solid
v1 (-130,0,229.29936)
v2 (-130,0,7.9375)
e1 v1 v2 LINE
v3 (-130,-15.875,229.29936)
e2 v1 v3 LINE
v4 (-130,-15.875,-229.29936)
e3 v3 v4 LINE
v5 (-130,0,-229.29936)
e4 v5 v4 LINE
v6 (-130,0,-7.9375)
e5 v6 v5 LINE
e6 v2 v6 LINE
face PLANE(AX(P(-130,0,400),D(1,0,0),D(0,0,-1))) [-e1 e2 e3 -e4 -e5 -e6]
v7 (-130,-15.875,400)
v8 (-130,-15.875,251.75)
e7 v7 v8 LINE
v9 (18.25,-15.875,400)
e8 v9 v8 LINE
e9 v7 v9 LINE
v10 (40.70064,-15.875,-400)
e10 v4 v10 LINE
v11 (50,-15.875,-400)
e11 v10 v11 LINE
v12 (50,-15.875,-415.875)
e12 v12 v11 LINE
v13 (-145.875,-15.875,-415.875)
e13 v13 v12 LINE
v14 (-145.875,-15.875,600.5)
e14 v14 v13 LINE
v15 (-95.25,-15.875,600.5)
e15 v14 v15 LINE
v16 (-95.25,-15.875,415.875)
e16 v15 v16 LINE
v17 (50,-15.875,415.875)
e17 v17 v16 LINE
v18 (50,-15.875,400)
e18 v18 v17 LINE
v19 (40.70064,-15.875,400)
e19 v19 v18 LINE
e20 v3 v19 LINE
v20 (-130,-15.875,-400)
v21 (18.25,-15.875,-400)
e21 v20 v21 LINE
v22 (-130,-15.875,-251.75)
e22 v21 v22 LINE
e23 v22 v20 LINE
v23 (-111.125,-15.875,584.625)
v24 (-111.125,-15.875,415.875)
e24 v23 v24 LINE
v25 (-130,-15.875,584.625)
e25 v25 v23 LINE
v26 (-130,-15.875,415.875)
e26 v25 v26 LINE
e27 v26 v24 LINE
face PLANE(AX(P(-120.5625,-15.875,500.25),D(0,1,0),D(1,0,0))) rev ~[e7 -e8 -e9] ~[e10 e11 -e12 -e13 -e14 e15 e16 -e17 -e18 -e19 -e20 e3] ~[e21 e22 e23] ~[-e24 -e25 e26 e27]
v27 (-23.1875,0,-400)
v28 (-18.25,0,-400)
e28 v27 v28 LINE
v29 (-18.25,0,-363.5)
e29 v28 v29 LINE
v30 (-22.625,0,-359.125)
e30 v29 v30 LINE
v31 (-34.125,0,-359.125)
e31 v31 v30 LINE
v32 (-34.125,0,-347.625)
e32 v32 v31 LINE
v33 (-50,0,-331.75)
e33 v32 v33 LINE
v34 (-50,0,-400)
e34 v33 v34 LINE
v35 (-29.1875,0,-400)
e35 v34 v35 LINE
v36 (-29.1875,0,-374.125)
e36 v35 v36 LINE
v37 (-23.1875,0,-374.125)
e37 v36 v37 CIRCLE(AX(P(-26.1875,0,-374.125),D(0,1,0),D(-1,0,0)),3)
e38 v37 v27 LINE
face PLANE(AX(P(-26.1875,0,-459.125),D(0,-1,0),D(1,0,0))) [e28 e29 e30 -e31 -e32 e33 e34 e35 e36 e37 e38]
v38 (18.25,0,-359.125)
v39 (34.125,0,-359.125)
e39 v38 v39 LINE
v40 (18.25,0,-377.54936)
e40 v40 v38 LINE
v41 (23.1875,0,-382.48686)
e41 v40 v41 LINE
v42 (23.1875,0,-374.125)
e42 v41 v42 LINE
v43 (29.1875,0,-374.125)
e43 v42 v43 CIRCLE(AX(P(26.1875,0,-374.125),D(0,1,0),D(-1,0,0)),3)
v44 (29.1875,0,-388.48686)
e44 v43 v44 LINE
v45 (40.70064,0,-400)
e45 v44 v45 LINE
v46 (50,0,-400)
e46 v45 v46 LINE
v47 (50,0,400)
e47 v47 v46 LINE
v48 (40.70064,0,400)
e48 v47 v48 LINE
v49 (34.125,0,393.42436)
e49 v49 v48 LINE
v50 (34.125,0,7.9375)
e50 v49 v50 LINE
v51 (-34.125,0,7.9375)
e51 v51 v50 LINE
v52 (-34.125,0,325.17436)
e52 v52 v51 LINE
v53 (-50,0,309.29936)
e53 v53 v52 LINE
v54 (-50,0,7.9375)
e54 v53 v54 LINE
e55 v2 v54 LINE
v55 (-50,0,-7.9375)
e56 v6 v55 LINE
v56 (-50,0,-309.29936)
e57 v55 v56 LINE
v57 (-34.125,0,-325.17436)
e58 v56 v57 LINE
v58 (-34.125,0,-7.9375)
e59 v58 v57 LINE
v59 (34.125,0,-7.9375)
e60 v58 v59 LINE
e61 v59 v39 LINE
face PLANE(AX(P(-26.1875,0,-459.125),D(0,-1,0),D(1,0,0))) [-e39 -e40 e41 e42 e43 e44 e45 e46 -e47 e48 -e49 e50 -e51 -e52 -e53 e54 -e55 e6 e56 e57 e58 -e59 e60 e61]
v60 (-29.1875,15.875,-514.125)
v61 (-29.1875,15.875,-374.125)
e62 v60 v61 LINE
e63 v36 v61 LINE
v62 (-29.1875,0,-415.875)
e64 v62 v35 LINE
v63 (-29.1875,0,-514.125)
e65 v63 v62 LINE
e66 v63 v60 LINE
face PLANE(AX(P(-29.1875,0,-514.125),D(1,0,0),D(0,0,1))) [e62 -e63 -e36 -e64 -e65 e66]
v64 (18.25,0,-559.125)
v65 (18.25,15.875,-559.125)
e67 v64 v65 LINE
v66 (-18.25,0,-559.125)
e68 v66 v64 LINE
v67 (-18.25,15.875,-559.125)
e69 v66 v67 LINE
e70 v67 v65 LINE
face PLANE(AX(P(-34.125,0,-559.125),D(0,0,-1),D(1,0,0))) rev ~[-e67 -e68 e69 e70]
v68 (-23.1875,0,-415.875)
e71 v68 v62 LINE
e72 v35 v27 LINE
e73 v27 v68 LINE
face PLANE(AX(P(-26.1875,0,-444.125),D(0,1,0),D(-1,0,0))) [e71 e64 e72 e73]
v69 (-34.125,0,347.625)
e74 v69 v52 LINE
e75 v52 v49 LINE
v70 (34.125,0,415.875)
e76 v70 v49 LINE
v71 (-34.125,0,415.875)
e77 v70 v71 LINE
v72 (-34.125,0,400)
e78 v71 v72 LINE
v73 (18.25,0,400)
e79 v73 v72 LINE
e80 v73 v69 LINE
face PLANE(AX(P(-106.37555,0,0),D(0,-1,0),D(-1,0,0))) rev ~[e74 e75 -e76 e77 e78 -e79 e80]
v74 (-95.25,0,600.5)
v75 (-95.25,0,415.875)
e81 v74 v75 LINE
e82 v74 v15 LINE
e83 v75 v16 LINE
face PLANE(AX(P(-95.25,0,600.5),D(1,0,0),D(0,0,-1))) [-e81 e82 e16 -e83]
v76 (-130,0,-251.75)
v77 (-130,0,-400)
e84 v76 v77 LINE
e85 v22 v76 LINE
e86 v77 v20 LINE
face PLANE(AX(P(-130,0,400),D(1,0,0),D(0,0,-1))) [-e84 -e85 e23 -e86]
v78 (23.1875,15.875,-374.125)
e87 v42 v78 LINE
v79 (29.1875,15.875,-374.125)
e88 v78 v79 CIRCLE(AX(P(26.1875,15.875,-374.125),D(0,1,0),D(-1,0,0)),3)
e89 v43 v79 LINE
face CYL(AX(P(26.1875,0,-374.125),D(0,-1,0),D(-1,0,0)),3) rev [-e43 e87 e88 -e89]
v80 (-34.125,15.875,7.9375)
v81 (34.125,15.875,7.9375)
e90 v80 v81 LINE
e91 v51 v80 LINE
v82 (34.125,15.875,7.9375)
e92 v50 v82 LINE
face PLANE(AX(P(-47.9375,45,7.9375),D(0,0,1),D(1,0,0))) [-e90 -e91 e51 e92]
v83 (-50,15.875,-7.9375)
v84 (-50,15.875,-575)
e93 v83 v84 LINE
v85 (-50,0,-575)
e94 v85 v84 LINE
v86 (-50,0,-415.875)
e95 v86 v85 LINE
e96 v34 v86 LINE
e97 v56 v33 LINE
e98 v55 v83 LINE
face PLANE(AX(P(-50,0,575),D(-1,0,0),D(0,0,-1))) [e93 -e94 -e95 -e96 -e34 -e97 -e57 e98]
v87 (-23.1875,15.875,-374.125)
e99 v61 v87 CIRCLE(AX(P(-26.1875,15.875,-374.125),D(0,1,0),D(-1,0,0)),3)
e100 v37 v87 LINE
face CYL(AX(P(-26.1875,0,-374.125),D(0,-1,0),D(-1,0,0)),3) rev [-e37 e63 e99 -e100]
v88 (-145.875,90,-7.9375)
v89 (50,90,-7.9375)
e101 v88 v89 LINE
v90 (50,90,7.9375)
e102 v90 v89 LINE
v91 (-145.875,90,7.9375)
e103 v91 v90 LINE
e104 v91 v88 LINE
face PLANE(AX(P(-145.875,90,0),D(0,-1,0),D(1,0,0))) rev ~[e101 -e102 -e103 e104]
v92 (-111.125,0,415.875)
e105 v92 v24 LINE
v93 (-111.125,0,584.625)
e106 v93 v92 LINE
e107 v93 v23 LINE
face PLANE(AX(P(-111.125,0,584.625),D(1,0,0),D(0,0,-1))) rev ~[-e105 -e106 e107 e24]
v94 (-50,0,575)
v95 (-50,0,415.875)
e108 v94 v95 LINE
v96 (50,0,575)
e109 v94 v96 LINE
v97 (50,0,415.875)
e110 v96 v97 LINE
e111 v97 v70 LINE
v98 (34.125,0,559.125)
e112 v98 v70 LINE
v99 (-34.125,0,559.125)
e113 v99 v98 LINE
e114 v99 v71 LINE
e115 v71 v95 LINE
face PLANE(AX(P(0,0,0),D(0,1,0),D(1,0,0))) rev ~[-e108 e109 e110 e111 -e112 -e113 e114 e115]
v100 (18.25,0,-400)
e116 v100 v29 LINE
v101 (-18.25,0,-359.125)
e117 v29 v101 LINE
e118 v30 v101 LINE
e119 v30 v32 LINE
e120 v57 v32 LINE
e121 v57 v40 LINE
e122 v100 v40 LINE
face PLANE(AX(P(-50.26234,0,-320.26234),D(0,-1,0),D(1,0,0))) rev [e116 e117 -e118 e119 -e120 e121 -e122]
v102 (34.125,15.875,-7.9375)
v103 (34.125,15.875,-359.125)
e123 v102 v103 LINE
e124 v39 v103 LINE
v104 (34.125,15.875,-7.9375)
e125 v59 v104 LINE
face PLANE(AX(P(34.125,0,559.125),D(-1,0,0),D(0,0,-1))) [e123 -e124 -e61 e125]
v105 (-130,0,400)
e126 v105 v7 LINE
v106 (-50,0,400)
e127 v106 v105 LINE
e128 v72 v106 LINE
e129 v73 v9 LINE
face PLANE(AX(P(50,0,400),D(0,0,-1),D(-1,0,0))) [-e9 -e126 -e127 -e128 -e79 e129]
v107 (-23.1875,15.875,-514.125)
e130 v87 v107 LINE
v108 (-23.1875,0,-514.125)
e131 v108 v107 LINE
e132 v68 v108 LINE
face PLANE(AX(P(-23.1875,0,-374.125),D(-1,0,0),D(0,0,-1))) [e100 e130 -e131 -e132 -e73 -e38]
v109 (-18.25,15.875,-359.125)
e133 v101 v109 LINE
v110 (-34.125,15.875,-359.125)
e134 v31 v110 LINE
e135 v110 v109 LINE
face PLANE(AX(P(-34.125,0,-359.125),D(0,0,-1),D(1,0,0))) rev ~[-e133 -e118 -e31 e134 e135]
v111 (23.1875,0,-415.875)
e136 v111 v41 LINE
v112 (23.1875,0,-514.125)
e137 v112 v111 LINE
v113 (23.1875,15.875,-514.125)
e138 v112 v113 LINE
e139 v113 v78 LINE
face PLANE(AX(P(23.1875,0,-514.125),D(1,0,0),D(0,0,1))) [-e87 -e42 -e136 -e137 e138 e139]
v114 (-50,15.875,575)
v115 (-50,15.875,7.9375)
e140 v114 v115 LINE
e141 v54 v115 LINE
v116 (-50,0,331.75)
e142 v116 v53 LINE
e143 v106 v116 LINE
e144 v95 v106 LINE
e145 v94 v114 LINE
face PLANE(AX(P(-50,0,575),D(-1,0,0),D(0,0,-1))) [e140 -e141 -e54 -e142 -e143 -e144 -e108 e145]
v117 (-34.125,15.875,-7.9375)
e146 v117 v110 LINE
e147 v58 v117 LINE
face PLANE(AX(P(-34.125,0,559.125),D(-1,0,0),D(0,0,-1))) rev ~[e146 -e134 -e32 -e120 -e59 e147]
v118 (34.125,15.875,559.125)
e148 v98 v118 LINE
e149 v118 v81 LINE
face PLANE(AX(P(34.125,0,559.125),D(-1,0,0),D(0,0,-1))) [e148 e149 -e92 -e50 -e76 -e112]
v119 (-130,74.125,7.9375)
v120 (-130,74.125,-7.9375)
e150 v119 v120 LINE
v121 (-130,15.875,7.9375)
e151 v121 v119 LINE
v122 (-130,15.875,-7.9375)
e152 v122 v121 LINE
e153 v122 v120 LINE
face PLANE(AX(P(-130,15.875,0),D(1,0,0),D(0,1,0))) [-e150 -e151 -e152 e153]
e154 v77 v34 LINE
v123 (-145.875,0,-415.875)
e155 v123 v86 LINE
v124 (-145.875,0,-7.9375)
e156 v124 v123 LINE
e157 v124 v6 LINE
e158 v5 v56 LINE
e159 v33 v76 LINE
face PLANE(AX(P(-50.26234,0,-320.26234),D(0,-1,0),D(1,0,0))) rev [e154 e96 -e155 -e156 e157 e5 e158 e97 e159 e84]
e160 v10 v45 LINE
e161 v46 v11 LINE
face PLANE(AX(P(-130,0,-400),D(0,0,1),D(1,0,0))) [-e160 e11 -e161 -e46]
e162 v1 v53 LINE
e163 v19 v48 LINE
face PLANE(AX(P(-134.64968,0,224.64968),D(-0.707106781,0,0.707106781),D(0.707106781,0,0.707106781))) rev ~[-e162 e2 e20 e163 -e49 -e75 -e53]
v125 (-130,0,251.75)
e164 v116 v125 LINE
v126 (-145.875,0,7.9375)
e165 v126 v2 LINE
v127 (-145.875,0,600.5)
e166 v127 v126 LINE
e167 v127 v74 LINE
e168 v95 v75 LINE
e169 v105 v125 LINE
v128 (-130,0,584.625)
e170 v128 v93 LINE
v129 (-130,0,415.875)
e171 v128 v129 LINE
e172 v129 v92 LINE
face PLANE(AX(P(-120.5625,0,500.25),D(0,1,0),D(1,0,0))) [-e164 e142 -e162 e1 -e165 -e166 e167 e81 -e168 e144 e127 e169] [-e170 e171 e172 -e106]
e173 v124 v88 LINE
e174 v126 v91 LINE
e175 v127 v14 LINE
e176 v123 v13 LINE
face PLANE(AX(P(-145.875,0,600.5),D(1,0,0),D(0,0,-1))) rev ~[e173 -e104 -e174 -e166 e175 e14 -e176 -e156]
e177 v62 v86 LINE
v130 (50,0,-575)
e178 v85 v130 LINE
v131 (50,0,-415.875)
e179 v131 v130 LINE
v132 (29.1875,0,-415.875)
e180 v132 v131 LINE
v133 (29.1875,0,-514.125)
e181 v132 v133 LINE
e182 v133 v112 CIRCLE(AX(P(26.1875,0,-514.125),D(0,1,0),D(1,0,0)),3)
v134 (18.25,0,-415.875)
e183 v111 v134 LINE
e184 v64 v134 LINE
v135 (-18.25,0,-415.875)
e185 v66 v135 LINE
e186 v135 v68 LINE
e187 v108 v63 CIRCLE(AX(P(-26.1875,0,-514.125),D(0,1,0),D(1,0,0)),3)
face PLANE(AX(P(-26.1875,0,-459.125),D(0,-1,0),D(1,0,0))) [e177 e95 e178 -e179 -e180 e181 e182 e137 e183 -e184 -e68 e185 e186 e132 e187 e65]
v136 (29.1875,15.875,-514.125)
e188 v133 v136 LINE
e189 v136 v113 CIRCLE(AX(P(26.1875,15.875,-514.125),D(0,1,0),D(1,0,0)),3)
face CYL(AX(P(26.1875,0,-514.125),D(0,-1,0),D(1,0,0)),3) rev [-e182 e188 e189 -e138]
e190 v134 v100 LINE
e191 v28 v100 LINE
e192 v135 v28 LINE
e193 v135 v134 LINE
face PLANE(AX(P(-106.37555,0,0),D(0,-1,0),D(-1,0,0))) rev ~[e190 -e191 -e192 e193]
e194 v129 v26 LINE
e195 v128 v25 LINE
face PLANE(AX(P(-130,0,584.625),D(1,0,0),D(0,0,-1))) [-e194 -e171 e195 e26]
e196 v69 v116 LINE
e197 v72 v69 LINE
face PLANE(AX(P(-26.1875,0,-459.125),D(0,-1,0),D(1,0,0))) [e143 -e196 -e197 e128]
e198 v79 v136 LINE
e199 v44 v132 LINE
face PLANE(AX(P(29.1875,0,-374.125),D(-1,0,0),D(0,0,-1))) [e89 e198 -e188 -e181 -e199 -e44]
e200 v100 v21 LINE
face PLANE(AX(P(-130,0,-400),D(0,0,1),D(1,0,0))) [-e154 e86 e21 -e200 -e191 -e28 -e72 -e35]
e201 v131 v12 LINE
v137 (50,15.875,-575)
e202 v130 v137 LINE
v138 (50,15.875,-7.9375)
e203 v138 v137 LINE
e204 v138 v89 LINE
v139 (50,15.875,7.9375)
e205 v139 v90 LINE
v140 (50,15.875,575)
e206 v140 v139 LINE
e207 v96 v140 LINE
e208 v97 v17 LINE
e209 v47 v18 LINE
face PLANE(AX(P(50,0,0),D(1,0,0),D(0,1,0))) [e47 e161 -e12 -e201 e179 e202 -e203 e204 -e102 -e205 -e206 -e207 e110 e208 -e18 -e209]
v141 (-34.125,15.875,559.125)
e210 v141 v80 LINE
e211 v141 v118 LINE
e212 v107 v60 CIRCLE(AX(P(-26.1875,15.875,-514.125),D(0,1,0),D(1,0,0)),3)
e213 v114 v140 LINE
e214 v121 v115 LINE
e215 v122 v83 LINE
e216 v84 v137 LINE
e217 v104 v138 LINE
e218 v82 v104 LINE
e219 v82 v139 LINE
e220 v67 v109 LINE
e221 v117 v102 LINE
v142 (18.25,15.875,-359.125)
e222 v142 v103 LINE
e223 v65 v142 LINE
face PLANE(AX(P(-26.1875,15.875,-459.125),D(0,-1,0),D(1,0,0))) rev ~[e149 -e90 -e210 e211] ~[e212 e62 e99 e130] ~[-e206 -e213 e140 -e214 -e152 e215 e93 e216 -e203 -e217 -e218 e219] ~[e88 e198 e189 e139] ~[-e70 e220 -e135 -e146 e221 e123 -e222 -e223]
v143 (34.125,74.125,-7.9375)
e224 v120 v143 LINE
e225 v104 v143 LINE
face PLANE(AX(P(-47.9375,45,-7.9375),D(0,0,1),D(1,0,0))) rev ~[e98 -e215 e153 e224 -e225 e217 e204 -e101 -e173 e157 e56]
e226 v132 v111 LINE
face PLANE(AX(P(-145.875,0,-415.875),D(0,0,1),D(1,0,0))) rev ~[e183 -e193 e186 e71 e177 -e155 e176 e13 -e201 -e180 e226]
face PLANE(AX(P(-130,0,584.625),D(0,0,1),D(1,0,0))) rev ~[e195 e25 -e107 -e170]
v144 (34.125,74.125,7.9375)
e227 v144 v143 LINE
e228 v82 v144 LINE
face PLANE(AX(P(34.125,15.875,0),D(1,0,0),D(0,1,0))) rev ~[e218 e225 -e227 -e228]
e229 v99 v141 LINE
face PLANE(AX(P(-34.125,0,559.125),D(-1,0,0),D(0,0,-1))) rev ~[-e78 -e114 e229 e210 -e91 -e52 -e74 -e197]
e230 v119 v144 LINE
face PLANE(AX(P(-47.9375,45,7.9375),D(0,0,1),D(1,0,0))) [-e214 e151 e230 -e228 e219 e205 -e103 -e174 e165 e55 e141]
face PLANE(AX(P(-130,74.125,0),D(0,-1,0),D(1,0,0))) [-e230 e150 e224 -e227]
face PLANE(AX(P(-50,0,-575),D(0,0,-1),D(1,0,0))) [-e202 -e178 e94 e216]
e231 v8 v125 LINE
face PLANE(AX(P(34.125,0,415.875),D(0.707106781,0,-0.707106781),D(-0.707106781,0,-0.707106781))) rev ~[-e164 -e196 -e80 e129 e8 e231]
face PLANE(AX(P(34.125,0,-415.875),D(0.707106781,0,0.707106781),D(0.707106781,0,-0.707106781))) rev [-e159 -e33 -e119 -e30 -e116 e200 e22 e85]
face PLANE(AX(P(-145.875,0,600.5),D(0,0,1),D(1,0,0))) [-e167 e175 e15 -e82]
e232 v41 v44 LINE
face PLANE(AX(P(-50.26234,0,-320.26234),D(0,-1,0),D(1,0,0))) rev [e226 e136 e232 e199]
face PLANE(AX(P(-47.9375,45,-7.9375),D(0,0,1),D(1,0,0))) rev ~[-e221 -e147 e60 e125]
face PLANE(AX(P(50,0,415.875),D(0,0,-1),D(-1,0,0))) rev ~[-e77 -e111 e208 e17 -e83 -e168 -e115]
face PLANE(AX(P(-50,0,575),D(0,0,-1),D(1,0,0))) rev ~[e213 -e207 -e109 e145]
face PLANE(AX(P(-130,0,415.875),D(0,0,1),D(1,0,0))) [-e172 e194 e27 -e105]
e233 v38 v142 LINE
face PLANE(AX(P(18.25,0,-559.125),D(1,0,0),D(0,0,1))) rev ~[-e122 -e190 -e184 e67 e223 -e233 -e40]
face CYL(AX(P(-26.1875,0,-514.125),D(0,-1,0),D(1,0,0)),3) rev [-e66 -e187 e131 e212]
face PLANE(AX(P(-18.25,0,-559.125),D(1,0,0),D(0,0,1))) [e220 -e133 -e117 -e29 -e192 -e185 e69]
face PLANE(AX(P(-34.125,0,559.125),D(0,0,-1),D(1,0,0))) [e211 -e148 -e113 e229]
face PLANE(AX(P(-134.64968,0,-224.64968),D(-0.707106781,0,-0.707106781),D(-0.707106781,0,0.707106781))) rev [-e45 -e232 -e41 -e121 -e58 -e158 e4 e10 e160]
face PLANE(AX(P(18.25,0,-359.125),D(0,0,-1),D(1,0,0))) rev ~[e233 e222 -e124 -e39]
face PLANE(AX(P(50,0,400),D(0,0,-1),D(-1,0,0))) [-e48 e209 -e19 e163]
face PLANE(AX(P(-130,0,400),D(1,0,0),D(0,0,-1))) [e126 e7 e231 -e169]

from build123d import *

# Parameters (mm, degrees)
SKETCH1_W           = 100
SKETCH1_H           = 1150
SKETCH1_W_2         = 68.25
SKETCH1_H_2         = 1118.25
BOSS_EXTRUDE1_DEPTH = 15.875
BOSS_EXTRUDE2_START = -15.875
BOSS_EXTRUDE2_DEPTH = 15.875
SKETCH5_W           = 195.875
SKETCH5_H           = 90
SKETCH5_W_2         = 164.125
SKETCH5_H_2         = 58.25
BOSS_EXTRUDE3_DEPTH = 7.9375
SKETCH6_W           = 15.875
SKETCH6_H           = 200
BOSS_EXTRUDE4_DEPTH = 15.875
CUT_EXTRUDE1_DEPTH  = 15.875
SKETCH8_W           = 50.625
SKETCH8_H           = 200.5
SKETCH8_W_2         = 18.875
SKETCH8_H_2         = 168.75
BOSS_EXTRUDE5_DEPTH = 15.875
BOSS_EXTRUDE6_DEPTH = 15.875


with BuildPart() as part:
    # Sketch1 → Boss-Extrude1 (new body)
    with BuildSketch(Plane(origin=(0, 0, 0), x_dir=(1, 0, 0), z_dir=(0, 1, 0))):
        Rectangle(SKETCH1_W, SKETCH1_H)
        Rectangle(SKETCH1_W_2, SKETCH1_H_2, mode=Mode.SUBTRACT)
    extrude(amount=BOSS_EXTRUDE1_DEPTH)

    # Sketch3 → Boss-Extrude2 (add)
    with BuildSketch(Plane(origin=(0, 15.875, 0), x_dir=(1, 0, 0), z_dir=(0, 1, 0)).offset(BOSS_EXTRUDE2_START)):
        Polygon((34.125, 400), (-130, 400), (-130, 220.59390888), (-130, -400), (34.125, -400), (50, -400), (50, -415.875), (-145.875, -415.875), (-145.875, 217.756753438), (-145.875, 415.875), (50, 415.875), (50, 400), align=None)
    extrude(amount=-BOSS_EXTRUDE2_DEPTH)

    # Sketch5 → Boss-Extrude3 (add, symmetric)
    with BuildSketch(Plane.XY):
        with Locations((-47.9375, 45)):
            Rectangle(SKETCH5_W, SKETCH5_H)
        with Locations((-47.9375, 45)):
            Rectangle(SKETCH5_W_2, SKETCH5_H_2, mode=Mode.SUBTRACT)
    extrude(amount=BOSS_EXTRUDE3_DEPTH, both=True)

    # Sketch6 → Boss-Extrude4 (add)
    with BuildSketch(Plane.XZ):
        with Locations((-26.1875, -459.125)):
            Rectangle(SKETCH6_W, SKETCH6_H)
        with Locations((26.1875, -459.125)):
            Rectangle(SKETCH6_W, SKETCH6_H)
    extrude(amount=-BOSS_EXTRUDE4_DEPTH)

    # Sketch7 → Cut-Extrude1 (cut)
    with BuildSketch(Plane.XZ):
        with BuildLine():
            Line((-23.1875, -374.125), (-23.1875, -514.125))
            ThreePointArc((-23.1875, -514.125), (-26.1875, -517.125), (-29.1875, -514.125))
            Line((-29.1875, -514.125), (-29.1875, -374.125))
            ThreePointArc((-29.1875, -374.125), (-26.1875, -371.125), (-23.1875, -374.125))
        make_face()
        with BuildLine():
            Line((29.1875, -374.125), (29.1875, -514.125))
            ThreePointArc((29.1875, -514.125), (26.1875, -517.125), (23.1875, -514.125))
            Line((23.1875, -514.125), (23.1875, -374.125))
            ThreePointArc((23.1875, -374.125), (26.1875, -371.125), (29.1875, -374.125))
        make_face()
    extrude(amount=-CUT_EXTRUDE1_DEPTH, mode=Mode.SUBTRACT)

    # Sketch8 → Boss-Extrude5 (add)
    with BuildSketch(Plane(origin=(0, 0, 0), x_dir=(1, 0, 0), z_dir=(0, 1, 0))):
        with Locations((-120.5625, -500.25)):
            Rectangle(SKETCH8_W, SKETCH8_H)
        with Locations((-120.5625, -500.25)):
            Rectangle(SKETCH8_W_2, SKETCH8_H_2, mode=Mode.SUBTRACT)
    extrude(amount=-BOSS_EXTRUDE5_DEPTH)

    # Sketch9 → Boss-Extrude6 (add)
    with BuildSketch(Plane(origin=(0, 0, 0), x_dir=(1, 0, 0), z_dir=(0, 1, 0))):
        Polygon((45.350320151, -404.649679849), (34.125, -415.875), (-145.875, -235.875), (-134.649679849, -224.649679849), align=None)
    boss_extrude6 = extrude(amount=-BOSS_EXTRUDE6_DEPTH)

    # Mirror1: Boss-Extrude6 across plane
    add(boss_extrude6.mirror(Plane.XY))


solid = part.part
